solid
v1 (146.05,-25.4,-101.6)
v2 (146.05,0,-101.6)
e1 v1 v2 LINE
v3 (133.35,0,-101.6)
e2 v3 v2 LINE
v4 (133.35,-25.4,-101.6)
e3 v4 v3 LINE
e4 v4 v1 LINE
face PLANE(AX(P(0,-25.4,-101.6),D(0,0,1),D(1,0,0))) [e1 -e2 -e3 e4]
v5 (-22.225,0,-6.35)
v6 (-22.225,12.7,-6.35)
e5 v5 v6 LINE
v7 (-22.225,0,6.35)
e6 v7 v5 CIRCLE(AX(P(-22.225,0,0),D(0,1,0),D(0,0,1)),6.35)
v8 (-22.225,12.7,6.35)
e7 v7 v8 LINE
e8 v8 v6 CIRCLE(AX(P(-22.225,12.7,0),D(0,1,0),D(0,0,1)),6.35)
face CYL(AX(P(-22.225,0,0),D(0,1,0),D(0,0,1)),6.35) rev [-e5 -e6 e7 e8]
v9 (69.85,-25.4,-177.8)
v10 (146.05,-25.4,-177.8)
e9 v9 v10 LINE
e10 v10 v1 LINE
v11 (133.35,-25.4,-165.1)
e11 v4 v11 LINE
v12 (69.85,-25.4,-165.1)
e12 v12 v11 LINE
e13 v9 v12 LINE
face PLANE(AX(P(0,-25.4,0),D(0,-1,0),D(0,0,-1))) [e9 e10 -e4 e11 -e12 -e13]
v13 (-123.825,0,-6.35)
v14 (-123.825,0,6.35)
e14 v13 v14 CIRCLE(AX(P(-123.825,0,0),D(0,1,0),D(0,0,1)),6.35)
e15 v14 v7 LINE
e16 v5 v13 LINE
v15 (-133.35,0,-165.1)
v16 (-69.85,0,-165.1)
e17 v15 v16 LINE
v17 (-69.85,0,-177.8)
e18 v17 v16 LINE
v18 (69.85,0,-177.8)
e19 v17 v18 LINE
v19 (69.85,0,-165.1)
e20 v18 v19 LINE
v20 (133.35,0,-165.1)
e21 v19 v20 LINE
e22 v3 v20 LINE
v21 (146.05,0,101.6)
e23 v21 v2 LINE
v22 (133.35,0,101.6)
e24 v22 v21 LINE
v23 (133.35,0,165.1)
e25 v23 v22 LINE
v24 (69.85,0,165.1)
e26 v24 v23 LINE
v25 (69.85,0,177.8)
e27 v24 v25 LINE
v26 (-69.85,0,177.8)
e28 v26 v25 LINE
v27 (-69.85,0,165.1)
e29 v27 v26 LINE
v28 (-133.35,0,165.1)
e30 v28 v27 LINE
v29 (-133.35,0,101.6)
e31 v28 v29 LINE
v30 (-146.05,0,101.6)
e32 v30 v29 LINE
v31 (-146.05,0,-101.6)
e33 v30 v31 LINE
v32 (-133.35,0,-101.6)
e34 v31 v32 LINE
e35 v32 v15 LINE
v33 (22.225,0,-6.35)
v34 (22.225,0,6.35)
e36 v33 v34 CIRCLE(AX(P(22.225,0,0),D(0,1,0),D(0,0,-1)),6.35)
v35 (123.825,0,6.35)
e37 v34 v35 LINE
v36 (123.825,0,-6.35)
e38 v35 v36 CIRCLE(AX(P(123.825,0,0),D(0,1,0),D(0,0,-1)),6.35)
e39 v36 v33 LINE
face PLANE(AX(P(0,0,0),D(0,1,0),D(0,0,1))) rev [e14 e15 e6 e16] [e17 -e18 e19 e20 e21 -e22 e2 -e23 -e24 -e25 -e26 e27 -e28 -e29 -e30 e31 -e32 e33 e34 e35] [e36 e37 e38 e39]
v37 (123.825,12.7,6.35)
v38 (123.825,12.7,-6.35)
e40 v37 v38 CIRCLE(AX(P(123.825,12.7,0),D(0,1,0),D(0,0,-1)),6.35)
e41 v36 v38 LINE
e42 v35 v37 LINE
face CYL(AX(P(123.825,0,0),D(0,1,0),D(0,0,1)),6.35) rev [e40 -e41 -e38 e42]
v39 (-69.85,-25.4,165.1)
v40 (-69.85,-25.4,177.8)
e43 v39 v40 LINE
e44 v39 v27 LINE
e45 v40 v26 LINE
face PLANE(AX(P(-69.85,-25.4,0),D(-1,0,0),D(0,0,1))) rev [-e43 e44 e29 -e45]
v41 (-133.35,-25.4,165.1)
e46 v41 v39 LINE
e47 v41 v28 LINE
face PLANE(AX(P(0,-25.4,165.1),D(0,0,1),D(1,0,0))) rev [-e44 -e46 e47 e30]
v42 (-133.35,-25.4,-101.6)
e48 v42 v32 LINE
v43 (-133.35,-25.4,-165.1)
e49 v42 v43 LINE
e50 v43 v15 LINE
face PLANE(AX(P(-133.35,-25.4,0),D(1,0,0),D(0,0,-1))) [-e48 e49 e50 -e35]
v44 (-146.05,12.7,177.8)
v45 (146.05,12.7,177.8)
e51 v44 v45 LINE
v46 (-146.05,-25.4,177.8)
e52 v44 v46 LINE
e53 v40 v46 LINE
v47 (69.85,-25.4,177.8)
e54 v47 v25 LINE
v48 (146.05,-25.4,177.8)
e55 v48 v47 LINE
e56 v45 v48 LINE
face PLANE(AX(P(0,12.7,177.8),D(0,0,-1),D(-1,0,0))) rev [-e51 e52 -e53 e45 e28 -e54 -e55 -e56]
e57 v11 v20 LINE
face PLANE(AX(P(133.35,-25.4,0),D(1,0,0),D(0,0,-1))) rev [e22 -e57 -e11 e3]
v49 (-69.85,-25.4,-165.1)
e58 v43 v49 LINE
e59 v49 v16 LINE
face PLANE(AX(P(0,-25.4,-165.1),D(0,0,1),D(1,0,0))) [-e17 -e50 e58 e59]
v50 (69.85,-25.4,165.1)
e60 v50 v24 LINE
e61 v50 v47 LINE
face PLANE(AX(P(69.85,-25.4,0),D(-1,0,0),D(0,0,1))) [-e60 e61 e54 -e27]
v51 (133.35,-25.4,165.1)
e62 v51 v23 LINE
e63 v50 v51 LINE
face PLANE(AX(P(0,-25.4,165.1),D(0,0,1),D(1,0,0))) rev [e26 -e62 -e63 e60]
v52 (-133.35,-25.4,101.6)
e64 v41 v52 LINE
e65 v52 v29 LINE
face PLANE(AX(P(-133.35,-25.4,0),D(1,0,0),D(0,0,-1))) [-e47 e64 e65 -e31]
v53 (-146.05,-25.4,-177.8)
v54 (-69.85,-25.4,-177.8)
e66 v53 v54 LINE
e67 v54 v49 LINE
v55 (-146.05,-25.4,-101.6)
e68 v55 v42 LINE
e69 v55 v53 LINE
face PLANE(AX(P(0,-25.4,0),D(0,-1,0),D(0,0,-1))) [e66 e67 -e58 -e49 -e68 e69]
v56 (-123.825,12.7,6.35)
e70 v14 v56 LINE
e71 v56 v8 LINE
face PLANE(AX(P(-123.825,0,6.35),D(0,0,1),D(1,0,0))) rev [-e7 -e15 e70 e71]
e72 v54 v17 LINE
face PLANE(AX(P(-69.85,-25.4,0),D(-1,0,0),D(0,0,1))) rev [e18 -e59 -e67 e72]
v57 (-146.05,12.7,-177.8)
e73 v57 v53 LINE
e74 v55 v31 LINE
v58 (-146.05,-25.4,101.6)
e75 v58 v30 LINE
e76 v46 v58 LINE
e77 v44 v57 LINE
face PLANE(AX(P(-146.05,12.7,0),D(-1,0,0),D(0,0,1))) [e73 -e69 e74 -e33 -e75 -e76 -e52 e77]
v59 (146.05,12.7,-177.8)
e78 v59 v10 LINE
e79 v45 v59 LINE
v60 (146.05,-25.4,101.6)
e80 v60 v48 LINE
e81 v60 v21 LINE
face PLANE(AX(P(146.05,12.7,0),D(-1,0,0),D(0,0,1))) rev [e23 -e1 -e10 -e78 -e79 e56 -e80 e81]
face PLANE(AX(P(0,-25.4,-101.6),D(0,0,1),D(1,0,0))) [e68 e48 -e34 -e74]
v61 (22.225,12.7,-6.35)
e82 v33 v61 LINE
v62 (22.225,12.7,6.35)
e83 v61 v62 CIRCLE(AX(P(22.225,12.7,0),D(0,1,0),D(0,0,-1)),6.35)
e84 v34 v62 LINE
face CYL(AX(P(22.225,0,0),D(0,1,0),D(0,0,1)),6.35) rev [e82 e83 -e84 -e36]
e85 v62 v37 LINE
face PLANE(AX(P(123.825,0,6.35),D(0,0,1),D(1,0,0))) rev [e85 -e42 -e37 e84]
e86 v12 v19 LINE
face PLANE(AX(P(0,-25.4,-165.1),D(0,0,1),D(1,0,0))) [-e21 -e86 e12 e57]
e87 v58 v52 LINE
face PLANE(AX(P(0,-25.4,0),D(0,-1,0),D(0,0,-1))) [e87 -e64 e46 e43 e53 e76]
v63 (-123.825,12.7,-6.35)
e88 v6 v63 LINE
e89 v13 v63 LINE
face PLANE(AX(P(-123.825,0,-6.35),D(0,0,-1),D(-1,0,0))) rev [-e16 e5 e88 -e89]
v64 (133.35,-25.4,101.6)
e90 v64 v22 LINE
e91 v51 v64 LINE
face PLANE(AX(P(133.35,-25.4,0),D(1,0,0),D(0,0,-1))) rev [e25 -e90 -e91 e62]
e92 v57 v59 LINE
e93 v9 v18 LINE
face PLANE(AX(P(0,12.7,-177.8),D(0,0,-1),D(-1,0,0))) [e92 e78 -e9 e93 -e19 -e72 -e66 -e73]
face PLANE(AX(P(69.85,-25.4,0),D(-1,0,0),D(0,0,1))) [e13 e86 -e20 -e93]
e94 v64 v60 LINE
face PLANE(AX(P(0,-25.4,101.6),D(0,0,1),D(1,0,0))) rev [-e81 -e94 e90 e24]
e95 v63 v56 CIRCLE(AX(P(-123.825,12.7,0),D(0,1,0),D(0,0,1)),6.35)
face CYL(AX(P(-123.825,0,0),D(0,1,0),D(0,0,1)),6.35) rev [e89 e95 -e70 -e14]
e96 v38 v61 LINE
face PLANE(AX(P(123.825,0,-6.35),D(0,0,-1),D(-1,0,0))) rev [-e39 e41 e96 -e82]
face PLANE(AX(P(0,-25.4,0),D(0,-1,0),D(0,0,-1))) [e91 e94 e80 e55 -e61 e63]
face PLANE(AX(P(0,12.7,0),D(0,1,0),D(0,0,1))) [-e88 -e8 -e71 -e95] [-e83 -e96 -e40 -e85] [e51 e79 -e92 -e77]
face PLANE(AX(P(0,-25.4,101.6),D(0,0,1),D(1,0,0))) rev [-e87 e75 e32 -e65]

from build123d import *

# Parameters (mm, degrees)
SKETCH1_W           = 292.1
SKETCH1_H           = 355.6
SKETCH1_W_2         = 215.9
SKETCH1_H_2         = 279.4
BOSS_EXTRUDE1_DEPTH = 12.7
CUT_EXTRUDE1_DEPTH  = 13.7
BOSS_EXTRUDE2_DEPTH = 25.4


with BuildPart() as part:
    # Sketch1 → Boss-Extrude1 (new body)
    with BuildSketch(Plane(origin=(0, 0, 0), x_dir=(1, 0, 0), z_dir=(0, 1, 0))):
        Rectangle(SKETCH1_W, SKETCH1_H)
        Polygon((-69.85, 139.7), (69.85, 139.7), (69.85, 152.4), (120.65, 152.4), (120.65, 101.6), (107.95, 101.6), (107.95, -101.6), (120.65, -101.6), (120.65, -152.4), (69.85, -152.4), (69.85, -139.7), (-69.85, -139.7), (-69.85, -152.4), (-120.65, -152.4), (-120.65, -101.6), (-107.95, -101.6), (-107.95, 101.6), (-120.65, 101.6), (-120.65, 152.4), (-69.85, 152.4), align=None, mode=Mode.SUBTRACT)
        Polygon((-107.95, 139.7), (-69.85, 139.7), (-69.85, 152.4), (-120.65, 152.4), (-120.65, 101.6), (-107.95, 101.6), align=None)
        Polygon((-107.95, -139.7), (-107.95, -101.6), (-120.65, -101.6), (-120.65, -152.4), (-69.85, -152.4), (-69.85, -139.7), align=None)
        Rectangle(SKETCH1_W_2, SKETCH1_H_2)
        Polygon((120.65, -101.6), (107.95, -101.6), (107.95, -139.7), (69.85, -139.7), (69.85, -152.4), (120.65, -152.4), align=None)
        Polygon((69.85, 152.4), (69.85, 139.7), (107.95, 139.7), (107.95, 101.6), (120.65, 101.6), (120.65, 152.4), align=None)
    extrude(amount=BOSS_EXTRUDE1_DEPTH)

    # Sketch2 → Cut-Extrude1 (cut, through all)
    with BuildSketch(Plane(origin=(0, 12.7, 0), x_dir=(1, 0, 0), z_dir=(0, 1, 0))):
        with BuildLine():
            Line((-123.825, 6.35), (-22.225, 6.35))
            ThreePointArc((-22.225, 6.35), (-15.875, 0), (-22.225, -6.35))
            Line((-22.225, -6.35), (-123.825, -6.35))
            ThreePointArc((-123.825, -6.35), (-130.175, 0), (-123.825, 6.35))
        make_face()
        with BuildLine():
            Line((123.825, 6.35), (22.225, 6.35))
            ThreePointArc((22.225, 6.35), (15.875, 0), (22.225, -6.35))
            Line((22.225, -6.35), (123.825, -6.35))
            ThreePointArc((123.825, -6.35), (130.175, 0), (123.825, 6.35))
        make_face()
    extrude(amount=-CUT_EXTRUDE1_DEPTH, mode=Mode.SUBTRACT)

    # Sketch3 → Boss-Extrude2 (add)
    with BuildSketch(Plane.XZ):
        Polygon((-69.85, 177.8), (-146.05, 177.8), (-146.05, 101.6), (-133.35, 101.6), (-133.35, 165.1), (-69.85, 165.1), align=None)
        Polygon((146.05, 177.8), (69.85, 177.8), (69.85, 165.1), (133.35, 165.1), (133.35, 101.6), (146.05, 101.6), align=None)
        Polygon((146.05, -177.8), (146.05, -101.6), (133.35, -101.6), (133.35, -165.1), (69.85, -165.1), (69.85, -177.8), align=None)
        Polygon((-133.35, -101.6), (-146.05, -101.6), (-146.05, -177.8), (-69.85, -177.8), (-69.85, -165.1), (-133.35, -165.1), align=None)
    extrude(amount=BOSS_EXTRUDE2_DEPTH)


solid = part.part
